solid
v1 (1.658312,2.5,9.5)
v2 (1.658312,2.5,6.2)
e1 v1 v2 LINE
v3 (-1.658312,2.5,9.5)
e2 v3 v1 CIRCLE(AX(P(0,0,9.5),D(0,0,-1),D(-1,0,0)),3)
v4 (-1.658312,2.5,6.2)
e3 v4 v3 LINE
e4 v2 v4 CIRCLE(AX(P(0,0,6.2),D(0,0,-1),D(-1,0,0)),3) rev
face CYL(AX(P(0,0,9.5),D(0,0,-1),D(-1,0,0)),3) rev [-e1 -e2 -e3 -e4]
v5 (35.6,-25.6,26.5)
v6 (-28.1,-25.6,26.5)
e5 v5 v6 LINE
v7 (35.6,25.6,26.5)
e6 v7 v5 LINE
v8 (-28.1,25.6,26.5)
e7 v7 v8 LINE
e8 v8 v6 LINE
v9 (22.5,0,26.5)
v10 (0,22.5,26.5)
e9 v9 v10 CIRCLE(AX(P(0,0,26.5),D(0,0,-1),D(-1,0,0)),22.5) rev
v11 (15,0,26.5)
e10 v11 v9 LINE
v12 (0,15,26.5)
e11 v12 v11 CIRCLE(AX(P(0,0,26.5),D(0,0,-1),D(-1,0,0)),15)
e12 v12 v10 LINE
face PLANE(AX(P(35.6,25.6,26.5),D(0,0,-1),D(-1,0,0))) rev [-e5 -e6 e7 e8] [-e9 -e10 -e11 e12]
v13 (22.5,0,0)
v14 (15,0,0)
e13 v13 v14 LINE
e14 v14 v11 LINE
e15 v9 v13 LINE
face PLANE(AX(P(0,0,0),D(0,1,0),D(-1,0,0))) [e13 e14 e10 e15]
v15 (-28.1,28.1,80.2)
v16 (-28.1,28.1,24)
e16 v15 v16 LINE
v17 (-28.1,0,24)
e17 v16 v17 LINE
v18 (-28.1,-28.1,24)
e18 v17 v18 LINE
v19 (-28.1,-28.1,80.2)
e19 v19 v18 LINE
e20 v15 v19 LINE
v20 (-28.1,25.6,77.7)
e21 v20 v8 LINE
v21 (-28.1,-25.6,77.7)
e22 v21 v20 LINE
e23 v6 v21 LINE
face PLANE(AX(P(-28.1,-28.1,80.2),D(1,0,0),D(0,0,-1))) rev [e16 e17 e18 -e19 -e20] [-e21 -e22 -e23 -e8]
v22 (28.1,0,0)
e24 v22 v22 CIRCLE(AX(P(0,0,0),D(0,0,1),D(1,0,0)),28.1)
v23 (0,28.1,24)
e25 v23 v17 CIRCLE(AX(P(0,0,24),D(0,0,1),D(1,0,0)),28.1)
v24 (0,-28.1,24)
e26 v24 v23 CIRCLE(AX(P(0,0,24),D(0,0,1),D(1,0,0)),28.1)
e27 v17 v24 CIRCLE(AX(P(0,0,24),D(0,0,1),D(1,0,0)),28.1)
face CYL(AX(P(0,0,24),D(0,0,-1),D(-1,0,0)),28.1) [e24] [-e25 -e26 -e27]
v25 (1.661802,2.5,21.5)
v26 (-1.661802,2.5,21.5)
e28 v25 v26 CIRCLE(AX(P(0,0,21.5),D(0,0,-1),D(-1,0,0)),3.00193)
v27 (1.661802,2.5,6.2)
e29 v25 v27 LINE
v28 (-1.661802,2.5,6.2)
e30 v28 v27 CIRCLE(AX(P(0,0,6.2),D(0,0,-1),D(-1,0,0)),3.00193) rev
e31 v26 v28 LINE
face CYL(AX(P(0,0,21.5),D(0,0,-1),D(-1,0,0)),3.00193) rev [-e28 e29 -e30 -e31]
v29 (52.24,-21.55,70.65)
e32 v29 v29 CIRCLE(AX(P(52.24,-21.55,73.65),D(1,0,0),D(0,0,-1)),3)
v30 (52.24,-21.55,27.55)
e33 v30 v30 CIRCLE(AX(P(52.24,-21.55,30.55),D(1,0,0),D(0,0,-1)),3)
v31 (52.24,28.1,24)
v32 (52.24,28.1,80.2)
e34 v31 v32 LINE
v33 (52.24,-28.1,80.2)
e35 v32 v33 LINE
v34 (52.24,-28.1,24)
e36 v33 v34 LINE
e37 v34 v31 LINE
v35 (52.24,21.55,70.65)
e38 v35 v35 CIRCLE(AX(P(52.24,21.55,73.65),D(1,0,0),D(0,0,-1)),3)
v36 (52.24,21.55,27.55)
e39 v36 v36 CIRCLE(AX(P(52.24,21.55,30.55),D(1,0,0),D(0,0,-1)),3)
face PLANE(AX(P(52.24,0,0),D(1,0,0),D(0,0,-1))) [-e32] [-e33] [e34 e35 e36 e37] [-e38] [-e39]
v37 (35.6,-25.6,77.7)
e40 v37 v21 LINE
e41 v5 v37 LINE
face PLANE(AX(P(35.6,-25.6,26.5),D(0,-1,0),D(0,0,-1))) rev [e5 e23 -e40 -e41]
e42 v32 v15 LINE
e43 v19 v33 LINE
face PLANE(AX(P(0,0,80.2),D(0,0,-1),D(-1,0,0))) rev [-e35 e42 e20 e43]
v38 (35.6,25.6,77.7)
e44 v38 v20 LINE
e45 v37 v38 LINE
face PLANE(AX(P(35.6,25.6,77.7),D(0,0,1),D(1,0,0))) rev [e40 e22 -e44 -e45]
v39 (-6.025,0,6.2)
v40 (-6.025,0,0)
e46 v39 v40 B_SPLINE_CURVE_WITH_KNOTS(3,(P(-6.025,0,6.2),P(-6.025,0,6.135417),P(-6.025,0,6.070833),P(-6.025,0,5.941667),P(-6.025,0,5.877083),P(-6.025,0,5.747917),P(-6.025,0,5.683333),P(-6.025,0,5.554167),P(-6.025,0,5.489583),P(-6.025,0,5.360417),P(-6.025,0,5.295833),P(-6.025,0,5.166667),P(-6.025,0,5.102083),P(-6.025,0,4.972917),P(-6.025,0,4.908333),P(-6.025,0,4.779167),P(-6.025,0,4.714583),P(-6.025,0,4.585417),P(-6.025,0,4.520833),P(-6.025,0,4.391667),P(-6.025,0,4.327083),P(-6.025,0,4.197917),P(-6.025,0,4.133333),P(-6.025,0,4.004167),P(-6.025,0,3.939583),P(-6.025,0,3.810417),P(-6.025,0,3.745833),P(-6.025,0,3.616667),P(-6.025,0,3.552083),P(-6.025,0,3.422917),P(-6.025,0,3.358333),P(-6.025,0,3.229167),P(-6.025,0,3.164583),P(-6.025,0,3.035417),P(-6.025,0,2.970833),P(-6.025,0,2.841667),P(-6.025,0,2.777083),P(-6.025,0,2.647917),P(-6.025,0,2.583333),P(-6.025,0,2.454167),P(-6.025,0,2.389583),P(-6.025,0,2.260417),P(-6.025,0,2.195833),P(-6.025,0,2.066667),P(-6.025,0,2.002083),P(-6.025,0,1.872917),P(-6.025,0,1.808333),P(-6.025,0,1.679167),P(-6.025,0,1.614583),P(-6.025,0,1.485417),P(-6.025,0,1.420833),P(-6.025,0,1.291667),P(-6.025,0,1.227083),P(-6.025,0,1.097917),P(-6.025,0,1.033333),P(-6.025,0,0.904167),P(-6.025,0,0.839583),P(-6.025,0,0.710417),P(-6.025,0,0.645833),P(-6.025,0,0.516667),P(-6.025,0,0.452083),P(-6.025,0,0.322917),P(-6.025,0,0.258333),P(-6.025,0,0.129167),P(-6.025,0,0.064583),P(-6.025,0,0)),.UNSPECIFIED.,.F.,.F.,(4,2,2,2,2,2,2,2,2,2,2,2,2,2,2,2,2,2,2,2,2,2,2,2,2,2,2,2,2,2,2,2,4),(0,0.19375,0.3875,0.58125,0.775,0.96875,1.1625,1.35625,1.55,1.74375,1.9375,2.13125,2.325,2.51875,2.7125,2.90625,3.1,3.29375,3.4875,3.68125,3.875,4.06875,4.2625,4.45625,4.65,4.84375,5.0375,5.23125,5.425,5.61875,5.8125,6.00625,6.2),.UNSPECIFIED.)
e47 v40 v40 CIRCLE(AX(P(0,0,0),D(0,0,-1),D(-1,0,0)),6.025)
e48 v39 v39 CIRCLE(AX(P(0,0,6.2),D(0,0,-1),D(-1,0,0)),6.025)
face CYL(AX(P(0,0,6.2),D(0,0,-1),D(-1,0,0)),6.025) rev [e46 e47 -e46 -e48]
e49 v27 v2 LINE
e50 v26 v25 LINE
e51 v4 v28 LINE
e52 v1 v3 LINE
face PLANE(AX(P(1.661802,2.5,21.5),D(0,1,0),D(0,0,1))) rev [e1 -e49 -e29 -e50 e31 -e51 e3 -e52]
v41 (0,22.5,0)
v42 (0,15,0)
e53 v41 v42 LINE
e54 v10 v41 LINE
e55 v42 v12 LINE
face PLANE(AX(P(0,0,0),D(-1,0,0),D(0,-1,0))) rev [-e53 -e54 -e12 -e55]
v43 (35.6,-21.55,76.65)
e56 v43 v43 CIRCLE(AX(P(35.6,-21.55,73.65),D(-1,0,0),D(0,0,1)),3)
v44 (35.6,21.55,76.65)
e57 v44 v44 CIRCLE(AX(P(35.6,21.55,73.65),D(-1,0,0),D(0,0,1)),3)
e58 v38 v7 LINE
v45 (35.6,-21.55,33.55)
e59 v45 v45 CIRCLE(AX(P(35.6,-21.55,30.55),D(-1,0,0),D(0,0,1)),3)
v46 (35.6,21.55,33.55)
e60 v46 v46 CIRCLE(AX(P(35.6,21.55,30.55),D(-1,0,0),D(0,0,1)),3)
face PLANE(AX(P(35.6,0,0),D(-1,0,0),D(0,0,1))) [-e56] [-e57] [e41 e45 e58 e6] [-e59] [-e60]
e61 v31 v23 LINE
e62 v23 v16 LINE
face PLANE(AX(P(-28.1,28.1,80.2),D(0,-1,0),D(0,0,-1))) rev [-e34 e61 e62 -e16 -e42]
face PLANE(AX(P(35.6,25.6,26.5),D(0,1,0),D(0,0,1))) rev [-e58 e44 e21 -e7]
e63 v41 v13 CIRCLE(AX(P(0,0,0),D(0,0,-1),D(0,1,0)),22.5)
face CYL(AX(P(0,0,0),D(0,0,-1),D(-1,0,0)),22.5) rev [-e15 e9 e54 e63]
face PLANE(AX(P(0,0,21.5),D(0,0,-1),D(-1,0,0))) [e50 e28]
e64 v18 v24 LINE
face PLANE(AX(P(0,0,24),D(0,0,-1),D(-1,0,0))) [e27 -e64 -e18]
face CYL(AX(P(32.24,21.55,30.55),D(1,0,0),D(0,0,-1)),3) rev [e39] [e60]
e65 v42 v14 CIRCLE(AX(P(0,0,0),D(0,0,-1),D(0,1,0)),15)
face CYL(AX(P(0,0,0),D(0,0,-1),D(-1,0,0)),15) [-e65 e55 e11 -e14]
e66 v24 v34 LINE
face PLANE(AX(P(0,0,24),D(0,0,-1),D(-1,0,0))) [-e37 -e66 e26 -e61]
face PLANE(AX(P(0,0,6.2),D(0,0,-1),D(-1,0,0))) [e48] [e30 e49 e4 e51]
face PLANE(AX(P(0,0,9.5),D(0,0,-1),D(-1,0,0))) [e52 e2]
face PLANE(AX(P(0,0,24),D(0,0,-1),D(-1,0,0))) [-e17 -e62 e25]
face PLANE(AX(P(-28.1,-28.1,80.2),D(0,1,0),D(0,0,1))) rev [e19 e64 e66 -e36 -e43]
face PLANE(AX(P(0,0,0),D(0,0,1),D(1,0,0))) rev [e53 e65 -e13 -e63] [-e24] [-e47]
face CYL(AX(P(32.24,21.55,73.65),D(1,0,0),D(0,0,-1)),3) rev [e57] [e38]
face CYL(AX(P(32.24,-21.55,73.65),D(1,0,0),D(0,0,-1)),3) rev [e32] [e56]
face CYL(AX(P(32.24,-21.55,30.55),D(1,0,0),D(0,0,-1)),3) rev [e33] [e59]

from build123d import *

# Parameters (mm, degrees)
SKETCH1_R           = 28.1
BOSS_EXTRUDE2_DEPTH = 24
CUT_EXTRUDE2_DEPTH  = 21.5
SKETCH4_R           = 3
CUT_EXTRUDE3_DEPTH  = 9.5
SKETCH6_R           = 6.025
CUT_EXTRUDE4_DEPTH  = 6.2
SKETCH7_W           = 56.2
SKETCH7_H           = 56.2
BOSS_EXTRUDE3_DEPTH = 56.2
SKETCH8_W           = 56.2
SKETCH8_H           = 56.2
BOSS_EXTRUDE4_DEPTH = 14.14
SKETCH10_W          = 56.2
SKETCH10_H          = 56.2
BOSS_EXTRUDE5_DEPTH = 10
SKETCH19_W          = 51.2
SKETCH19_H          = 51.2
CUT_EXTRUDE5_DEPTH  = 63.7
SKETCH21_R          = 3
CUT_EXTRUDE7_DEPTH  = 20


with BuildPart() as part:
    # Sketch1 → Boss-Extrude2 (new body)
    with BuildSketch(Plane.XY):
        Circle(SKETCH1_R)
    extrude(amount=BOSS_EXTRUDE2_DEPTH)

    # Sketch3 → Cut-Extrude2 (cut)
    with BuildSketch(Plane(origin=(0, 0, 0), x_dir=(-1, 0, 0), z_dir=(0, 0, -1))):
        with BuildLine():
            Line((-1.661801922, 2.5), (1.661801922, 2.5))
            ThreePointArc((1.661801922, 2.5), (0, -3.001930317), (-1.661801922, 2.5))
        make_face()
    extrude(amount=-CUT_EXTRUDE2_DEPTH, mode=Mode.SUBTRACT)

    # Sketch4 → Cut-Extrude3 (cut)
    with BuildSketch(Plane(origin=(0, 0, 0), x_dir=(-1, 0, 0), z_dir=(0, 0, -1))):
        Circle(SKETCH4_R)
    extrude(amount=-CUT_EXTRUDE3_DEPTH, mode=Mode.SUBTRACT)

    # Sketch6 → Cut-Extrude4 (cut)
    with BuildSketch(Plane(origin=(0, 0, 0), x_dir=(-1, 0, 0), z_dir=(0, 0, -1))):
        Circle(SKETCH6_R)
    extrude(amount=-CUT_EXTRUDE4_DEPTH, mode=Mode.SUBTRACT)

    # Sketch7 → Boss-Extrude3 (add)
    with BuildSketch(Plane.XY.offset(24)):
        Rectangle(SKETCH7_W, SKETCH7_H)
    extrude(amount=BOSS_EXTRUDE3_DEPTH)

    # Sketch8 → Boss-Extrude4 (add)
    with BuildSketch(Plane(origin=(28.1, 0, 0), x_dir=(0, 0, -1), z_dir=(1, 0, 0))):
        with Locations((-52.1, 0)):
            Rectangle(SKETCH8_W, SKETCH8_H)
    extrude(amount=BOSS_EXTRUDE4_DEPTH)

    # Sketch10 → Boss-Extrude5 (add)
    with BuildSketch(Plane(origin=(42.24, 0, 0), x_dir=(0, 0, -1), z_dir=(1, 0, 0))):
        with Locations((-52.1, 0)):
            Rectangle(SKETCH10_W, SKETCH10_H)
    extrude(amount=BOSS_EXTRUDE5_DEPTH)

    # Sketch19 → Cut-Extrude5 (cut)
    with BuildSketch(Plane.ZY.offset(28.1)):
        with Locations((52.1, 0)):
            Rectangle(SKETCH19_W, SKETCH19_H)
    extrude(amount=-CUT_EXTRUDE5_DEPTH, mode=Mode.SUBTRACT)

    # Cut-Sweep2: sweep along a path in Sketch20
    with BuildLine(Plane(origin=(0, 0, 0), x_dir=(-1, 0, 0), z_dir=(0, 0, -1))) as cut_sweep2_path:
        ThreePointArc((0, 15), (-10.606601718, 10.606601718), (-15, 0))
    # 3DSketch2 → Cut-Sweep2 (sweep, cut)
    with BuildSketch(Plane(origin=(0, 15, 0), x_dir=(0, 0.17521220324553322, 0.9845306921746249), z_dir=(-1, 0, 0))):
        Polygon((0, 0), (1.314091524, 7.383980191), (42.805237655, 0), (41.491146131, -7.383980191), align=None)
    sweep(path=cut_sweep2_path.line, mode=Mode.SUBTRACT)

    # Sketch21 → Cut-Extrude7 (cut)
    with BuildSketch(Plane(origin=(52.24, 0, 0), x_dir=(0, 0, -1), z_dir=(1, 0, 0))):
        with Locations((-73.65, 21.55)):
            Circle(SKETCH21_R)
        with Locations((-30.55, 21.55)):
            Circle(SKETCH21_R)
        with Locations((-30.55, -21.55)):
            Circle(SKETCH21_R)
        with Locations((-73.65, -21.55)):
            Circle(SKETCH21_R)
    extrude(amount=-CUT_EXTRUDE7_DEPTH, mode=Mode.SUBTRACT)


solid = part.part
